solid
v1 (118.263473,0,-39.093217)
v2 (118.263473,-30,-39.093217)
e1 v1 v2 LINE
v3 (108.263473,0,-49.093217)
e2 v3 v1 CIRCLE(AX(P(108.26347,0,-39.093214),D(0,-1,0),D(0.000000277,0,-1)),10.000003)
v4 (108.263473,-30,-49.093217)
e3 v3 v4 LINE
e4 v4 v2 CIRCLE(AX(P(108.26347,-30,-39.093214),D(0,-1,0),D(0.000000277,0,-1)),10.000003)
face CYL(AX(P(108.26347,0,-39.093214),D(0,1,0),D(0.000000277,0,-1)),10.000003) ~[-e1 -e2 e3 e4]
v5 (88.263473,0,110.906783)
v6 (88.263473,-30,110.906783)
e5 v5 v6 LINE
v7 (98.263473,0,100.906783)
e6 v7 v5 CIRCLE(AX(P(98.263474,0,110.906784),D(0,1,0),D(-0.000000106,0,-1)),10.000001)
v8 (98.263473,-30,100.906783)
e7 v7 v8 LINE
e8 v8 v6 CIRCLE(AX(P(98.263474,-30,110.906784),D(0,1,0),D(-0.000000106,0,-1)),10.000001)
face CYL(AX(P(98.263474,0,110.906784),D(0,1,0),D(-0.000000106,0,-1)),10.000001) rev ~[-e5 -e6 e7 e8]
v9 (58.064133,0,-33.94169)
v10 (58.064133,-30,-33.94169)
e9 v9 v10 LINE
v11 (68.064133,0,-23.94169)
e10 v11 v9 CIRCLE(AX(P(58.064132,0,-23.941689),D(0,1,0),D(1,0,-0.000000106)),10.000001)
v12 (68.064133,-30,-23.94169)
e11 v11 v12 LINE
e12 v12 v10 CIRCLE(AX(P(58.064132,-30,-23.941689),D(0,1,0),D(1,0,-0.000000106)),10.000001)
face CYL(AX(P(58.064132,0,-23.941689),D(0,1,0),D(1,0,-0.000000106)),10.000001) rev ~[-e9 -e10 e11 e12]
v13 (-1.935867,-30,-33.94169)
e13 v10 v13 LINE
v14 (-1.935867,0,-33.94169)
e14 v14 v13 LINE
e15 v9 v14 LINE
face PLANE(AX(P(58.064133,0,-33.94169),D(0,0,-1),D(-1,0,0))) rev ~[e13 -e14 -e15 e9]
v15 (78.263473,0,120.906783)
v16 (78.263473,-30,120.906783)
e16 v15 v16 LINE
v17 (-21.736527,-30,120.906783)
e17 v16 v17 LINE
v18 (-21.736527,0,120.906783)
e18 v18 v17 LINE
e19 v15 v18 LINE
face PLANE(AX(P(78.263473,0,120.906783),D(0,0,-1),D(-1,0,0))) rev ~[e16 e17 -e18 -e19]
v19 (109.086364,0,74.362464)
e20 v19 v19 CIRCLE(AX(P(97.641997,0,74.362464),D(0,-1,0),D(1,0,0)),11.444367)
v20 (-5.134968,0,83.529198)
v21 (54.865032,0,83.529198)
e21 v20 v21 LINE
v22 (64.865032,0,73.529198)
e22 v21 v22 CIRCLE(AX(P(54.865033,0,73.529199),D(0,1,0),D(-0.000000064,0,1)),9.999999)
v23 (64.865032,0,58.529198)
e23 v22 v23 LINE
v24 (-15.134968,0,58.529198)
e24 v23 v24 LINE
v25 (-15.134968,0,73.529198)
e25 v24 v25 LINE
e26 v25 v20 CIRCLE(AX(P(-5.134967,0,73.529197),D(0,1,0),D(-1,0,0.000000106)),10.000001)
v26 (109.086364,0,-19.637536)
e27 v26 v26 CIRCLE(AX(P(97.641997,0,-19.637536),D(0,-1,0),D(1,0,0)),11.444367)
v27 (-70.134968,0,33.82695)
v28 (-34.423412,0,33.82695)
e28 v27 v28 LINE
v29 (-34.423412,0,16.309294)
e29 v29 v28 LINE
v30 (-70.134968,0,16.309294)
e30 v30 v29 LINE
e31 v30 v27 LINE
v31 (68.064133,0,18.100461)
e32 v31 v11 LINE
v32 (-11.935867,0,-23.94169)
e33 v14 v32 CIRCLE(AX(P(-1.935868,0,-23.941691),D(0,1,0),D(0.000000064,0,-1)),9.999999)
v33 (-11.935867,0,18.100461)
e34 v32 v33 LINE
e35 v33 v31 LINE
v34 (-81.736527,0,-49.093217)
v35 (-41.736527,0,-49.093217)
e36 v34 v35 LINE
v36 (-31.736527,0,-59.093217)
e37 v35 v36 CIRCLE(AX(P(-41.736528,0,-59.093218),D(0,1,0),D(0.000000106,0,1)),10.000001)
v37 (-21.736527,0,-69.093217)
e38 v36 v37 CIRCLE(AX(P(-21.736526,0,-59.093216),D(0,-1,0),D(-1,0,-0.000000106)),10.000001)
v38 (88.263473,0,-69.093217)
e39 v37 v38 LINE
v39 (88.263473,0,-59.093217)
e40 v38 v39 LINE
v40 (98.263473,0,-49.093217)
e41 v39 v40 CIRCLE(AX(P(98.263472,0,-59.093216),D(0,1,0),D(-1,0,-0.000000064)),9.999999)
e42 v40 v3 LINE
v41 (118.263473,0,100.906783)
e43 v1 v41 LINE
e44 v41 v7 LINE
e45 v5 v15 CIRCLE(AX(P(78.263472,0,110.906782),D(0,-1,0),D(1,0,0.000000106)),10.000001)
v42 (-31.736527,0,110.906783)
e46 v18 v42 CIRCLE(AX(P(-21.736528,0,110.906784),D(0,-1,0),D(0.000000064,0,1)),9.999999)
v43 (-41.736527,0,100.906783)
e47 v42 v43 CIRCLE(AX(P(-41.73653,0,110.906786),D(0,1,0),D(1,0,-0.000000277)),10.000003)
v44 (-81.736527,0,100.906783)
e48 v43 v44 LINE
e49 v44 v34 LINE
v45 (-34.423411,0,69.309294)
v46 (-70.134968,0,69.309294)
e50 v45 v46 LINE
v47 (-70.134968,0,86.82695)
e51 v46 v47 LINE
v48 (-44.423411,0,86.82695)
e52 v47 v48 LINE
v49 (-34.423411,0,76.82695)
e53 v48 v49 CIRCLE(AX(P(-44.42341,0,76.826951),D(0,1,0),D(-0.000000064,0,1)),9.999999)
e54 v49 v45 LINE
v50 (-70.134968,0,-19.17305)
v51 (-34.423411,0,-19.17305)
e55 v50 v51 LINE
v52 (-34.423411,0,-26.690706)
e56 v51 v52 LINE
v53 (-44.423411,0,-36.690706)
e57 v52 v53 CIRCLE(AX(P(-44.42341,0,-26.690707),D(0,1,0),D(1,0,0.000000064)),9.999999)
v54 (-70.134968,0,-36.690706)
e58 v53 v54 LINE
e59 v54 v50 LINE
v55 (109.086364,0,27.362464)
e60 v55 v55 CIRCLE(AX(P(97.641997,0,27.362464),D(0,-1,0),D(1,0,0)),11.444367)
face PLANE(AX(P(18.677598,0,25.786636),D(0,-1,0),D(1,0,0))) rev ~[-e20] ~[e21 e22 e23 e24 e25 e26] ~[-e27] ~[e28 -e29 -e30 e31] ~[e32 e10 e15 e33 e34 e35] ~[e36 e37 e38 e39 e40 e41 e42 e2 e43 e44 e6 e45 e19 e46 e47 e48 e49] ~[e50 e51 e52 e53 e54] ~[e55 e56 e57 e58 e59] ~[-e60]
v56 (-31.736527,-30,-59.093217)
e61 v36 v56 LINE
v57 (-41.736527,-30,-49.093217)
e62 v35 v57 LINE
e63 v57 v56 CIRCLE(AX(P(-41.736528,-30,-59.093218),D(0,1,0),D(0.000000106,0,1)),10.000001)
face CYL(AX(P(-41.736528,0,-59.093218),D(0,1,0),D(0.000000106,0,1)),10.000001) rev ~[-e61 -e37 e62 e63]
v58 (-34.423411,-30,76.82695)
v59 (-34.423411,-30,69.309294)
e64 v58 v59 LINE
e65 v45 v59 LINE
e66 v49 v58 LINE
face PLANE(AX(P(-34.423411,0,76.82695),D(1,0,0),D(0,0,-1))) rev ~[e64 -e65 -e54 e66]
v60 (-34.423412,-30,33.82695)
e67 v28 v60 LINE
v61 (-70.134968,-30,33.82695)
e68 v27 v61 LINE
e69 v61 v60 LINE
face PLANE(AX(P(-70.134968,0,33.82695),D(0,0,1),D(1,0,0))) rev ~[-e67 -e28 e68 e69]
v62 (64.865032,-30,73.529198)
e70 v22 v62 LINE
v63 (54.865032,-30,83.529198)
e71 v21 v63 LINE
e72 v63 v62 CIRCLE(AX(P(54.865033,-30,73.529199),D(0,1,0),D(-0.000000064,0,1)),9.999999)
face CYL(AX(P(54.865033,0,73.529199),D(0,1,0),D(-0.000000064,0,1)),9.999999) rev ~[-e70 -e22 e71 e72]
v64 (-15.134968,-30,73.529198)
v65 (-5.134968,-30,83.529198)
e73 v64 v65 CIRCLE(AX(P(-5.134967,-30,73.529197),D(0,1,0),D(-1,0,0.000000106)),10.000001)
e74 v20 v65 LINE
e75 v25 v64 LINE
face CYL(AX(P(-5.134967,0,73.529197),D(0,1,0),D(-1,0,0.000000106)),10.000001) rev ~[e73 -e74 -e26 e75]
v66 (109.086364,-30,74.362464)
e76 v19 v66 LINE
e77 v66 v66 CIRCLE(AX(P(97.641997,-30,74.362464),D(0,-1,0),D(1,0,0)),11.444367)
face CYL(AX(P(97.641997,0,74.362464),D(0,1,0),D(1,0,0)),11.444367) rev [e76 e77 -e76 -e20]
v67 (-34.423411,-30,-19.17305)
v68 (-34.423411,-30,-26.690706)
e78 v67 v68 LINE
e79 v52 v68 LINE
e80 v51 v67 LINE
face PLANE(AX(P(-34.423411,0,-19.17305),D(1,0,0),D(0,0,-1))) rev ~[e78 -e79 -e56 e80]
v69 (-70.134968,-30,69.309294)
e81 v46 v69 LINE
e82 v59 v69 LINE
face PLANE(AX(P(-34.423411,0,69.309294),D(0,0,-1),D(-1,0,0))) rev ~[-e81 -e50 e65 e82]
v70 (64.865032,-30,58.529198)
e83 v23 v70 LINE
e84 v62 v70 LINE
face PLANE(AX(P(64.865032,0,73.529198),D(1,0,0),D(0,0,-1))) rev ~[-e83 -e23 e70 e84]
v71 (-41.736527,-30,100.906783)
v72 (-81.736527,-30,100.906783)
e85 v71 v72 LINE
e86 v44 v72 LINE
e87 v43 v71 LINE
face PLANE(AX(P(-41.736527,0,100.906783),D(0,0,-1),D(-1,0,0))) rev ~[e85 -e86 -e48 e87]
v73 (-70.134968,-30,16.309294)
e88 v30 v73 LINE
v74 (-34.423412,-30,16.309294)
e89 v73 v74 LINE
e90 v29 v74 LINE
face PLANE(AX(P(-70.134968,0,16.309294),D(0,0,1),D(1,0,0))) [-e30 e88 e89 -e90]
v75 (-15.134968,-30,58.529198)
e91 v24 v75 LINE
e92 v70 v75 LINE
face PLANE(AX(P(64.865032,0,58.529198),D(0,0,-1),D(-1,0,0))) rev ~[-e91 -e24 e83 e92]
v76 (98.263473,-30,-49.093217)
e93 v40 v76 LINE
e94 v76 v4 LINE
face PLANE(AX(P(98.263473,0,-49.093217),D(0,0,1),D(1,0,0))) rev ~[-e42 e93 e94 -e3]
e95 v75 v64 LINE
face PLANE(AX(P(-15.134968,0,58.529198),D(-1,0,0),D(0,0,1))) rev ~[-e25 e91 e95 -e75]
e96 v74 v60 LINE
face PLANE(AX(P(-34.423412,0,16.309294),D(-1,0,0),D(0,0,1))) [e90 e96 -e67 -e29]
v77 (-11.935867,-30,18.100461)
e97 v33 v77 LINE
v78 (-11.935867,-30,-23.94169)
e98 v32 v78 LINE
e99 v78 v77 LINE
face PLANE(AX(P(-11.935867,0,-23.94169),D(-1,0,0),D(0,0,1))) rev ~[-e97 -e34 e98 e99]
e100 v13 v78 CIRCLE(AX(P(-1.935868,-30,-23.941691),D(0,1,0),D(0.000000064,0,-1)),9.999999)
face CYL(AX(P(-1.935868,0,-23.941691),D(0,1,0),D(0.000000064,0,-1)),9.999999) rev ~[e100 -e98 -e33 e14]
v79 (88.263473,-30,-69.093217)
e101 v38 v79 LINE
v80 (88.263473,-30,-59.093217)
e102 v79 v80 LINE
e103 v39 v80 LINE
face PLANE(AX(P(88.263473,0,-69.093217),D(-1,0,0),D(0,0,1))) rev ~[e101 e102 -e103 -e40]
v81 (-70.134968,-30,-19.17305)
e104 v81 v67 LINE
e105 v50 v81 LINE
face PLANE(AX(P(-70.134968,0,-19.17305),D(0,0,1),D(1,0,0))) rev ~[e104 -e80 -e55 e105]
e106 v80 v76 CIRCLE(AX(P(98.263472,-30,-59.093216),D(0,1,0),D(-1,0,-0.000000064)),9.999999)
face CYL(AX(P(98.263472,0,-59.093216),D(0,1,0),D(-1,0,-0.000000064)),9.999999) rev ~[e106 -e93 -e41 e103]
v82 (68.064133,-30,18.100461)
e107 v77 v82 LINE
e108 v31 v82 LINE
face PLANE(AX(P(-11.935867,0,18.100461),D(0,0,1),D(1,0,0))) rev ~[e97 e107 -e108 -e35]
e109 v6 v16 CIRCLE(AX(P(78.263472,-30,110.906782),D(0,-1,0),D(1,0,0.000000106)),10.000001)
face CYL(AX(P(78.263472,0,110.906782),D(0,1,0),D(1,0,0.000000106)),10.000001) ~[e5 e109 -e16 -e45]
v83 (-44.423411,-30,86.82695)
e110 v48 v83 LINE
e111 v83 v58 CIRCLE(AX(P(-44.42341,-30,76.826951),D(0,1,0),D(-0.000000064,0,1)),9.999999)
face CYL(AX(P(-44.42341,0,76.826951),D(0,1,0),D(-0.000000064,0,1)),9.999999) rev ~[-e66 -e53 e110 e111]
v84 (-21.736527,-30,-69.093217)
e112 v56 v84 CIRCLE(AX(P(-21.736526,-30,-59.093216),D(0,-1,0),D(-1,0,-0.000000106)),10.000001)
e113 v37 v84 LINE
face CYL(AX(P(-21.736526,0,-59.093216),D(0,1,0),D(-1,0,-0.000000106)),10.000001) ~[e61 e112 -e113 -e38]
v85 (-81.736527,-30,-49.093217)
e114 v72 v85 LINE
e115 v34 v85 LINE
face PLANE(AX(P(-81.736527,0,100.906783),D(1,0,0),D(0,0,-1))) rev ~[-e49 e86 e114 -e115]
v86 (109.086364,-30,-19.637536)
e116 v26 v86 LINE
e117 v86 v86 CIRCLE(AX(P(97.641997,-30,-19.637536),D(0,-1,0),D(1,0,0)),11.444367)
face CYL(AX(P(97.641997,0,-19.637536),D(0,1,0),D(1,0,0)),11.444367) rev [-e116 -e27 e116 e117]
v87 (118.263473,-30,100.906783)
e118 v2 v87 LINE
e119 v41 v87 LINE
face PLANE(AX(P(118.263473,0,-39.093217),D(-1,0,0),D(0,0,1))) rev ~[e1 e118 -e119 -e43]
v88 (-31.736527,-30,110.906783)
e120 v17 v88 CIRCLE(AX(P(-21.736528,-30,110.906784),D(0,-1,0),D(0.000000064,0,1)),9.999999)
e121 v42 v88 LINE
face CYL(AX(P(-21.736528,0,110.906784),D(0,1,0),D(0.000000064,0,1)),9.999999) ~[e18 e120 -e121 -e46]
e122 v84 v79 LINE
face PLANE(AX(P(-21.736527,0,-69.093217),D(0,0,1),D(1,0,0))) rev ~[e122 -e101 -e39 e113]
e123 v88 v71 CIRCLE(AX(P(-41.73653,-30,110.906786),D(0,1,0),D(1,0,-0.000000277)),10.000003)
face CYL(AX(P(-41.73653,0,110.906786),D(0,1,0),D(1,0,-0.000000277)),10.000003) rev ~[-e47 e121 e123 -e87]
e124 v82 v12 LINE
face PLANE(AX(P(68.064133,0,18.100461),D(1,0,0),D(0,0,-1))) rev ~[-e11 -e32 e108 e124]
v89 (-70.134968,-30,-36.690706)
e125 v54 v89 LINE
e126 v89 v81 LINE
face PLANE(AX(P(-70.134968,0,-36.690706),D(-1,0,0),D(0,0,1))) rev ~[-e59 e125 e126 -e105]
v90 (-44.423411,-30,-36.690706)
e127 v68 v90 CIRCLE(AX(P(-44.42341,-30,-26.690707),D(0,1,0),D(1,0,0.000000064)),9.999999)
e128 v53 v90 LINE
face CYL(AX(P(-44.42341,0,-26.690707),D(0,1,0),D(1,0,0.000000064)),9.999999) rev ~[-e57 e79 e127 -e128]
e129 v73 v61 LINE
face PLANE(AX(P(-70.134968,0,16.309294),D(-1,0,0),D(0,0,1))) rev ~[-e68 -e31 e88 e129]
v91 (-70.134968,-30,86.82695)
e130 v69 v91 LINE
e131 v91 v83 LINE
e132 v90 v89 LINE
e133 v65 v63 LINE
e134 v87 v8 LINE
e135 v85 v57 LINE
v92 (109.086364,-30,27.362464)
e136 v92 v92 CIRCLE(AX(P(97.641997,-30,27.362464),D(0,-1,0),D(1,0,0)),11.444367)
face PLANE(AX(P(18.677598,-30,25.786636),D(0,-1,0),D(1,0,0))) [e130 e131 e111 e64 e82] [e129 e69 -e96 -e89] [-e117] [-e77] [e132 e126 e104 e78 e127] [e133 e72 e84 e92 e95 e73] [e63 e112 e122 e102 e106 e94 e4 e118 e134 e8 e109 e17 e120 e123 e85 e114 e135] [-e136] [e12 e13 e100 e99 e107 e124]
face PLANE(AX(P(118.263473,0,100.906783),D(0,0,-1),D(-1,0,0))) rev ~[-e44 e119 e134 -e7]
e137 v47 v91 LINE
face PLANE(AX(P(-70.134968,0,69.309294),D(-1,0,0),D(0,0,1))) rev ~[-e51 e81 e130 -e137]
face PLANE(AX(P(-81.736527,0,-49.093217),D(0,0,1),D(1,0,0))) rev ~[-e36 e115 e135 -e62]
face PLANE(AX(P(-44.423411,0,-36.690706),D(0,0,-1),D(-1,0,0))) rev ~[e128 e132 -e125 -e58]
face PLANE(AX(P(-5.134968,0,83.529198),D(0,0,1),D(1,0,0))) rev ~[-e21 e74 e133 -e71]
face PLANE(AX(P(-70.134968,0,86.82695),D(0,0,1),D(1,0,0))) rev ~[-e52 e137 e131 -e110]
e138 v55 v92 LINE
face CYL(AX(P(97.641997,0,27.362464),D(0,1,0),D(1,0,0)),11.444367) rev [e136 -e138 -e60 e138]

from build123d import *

# Parameters (mm, degrees)
F0_W     = 35.711557
F0_H     = 17.517656
F0_R     = 11.444367
F1_DEPTH = 30


with BuildPart() as f1:
    # F0 (on Front) → F1 (new body)
    with BuildSketch(Plane.XZ):
        with BuildLine():
            Line((78.263473, 120.906783), (-21.736527, 120.906783))
            ThreePointArc((-21.736527, 120.906783), (-28.807595, 117.977851), (-31.736527, 110.906783))
            ThreePointArc((-31.736527, 110.906783), (-34.66546, 103.835716), (-41.736527, 100.906783))
            Line((-41.736527, 100.906783), (-81.736527, 100.906783))
            Line((-81.736527, 100.906783), (-81.736527, -49.093217))
            Line((-81.736527, -49.093217), (-41.736527, -49.093217))
            ThreePointArc((-41.736527, -49.093217), (-34.66546, -52.022149), (-31.736527, -59.093217))
            ThreePointArc((-31.736527, -59.093217), (-28.807595, -66.164284), (-21.736527, -69.093217))
            Line((-21.736527, -69.093217), (88.263473, -69.093217))
            Line((88.263473, -69.093217), (88.263473, -59.093217))
            ThreePointArc((88.263473, -59.093217), (91.192405, -52.022149), (98.263473, -49.093217))
            Line((98.263473, -49.093217), (108.263473, -49.093217))
            ThreePointArc((108.263473, -49.093217), (115.33454, -46.164284), (118.263473, -39.093217))
            Line((118.263473, -39.093217), (118.263473, 100.906783))
            Line((118.263473, 100.906783), (98.263473, 100.906783))
            ThreePointArc((98.263473, 100.906783), (91.192405, 103.835716), (88.263473, 110.906783))
            ThreePointArc((88.263473, 110.906783), (85.33454, 117.977851), (78.263473, 120.906783))
        make_face()
        with BuildLine():
            Line((-44.423411, -36.690706), (-70.134968, -36.690706))
            Line((-70.134968, -36.690706), (-70.134968, -19.17305))
            Line((-70.134968, -19.17305), (-34.423411, -19.17305))
            Line((-34.423411, -19.17305), (-34.423411, -26.690706))
            ThreePointArc((-34.423411, -26.690706), (-37.352343, -33.761774), (-44.423411, -36.690706))
        make_face(mode=Mode.SUBTRACT)
        with Locations((-52.27919, 25.068122)):
            Rectangle(F0_W, F0_H, mode=Mode.SUBTRACT)
        with BuildLine():
            Line((-11.935867, -23.94169), (-11.935867, 18.100461))
            Line((-11.935867, 18.100461), (68.064133, 18.100461))
            Line((68.064133, 18.100461), (68.064133, -23.94169))
            ThreePointArc((68.064133, -23.94169), (65.1352, -31.012758), (58.064133, -33.94169))
            Line((58.064133, -33.94169), (-1.935867, -33.94169))
            ThreePointArc((-1.935867, -33.94169), (-9.006935, -31.012758), (-11.935867, -23.94169))
        make_face(mode=Mode.SUBTRACT)
        with Locations((97.641997, -19.637536)):
            Circle(F0_R, mode=Mode.SUBTRACT)
        with BuildLine():
            Line((-70.134968, 69.309294), (-70.134968, 86.82695))
            Line((-70.134968, 86.82695), (-44.423411, 86.82695))
            ThreePointArc((-44.423411, 86.82695), (-37.352343, 83.898018), (-34.423411, 76.82695))
            Line((-34.423411, 76.82695), (-34.423411, 69.309294))
            Line((-34.423411, 69.309294), (-70.134968, 69.309294))
        make_face(mode=Mode.SUBTRACT)
        with BuildLine():
            ThreePointArc((-15.134968, 73.529198), (-12.206035, 80.600266), (-5.134968, 83.529198))
            Line((-5.134968, 83.529198), (54.865032, 83.529198))
            ThreePointArc((54.865032, 83.529198), (61.9361, 80.600266), (64.865032, 73.529198))
            Line((64.865032, 73.529198), (64.865032, 58.529198))
            Line((64.865032, 58.529198), (-15.134968, 58.529198))
            Line((-15.134968, 58.529198), (-15.134968, 73.529198))
        make_face(mode=Mode.SUBTRACT)
        with Locations((97.641997, 27.362464)):
            Circle(F0_R, mode=Mode.SUBTRACT)
        with Locations((97.641997, 74.362464)):
            Circle(F0_R, mode=Mode.SUBTRACT)
    extrude(amount=F1_DEPTH)


solid = f1.part
